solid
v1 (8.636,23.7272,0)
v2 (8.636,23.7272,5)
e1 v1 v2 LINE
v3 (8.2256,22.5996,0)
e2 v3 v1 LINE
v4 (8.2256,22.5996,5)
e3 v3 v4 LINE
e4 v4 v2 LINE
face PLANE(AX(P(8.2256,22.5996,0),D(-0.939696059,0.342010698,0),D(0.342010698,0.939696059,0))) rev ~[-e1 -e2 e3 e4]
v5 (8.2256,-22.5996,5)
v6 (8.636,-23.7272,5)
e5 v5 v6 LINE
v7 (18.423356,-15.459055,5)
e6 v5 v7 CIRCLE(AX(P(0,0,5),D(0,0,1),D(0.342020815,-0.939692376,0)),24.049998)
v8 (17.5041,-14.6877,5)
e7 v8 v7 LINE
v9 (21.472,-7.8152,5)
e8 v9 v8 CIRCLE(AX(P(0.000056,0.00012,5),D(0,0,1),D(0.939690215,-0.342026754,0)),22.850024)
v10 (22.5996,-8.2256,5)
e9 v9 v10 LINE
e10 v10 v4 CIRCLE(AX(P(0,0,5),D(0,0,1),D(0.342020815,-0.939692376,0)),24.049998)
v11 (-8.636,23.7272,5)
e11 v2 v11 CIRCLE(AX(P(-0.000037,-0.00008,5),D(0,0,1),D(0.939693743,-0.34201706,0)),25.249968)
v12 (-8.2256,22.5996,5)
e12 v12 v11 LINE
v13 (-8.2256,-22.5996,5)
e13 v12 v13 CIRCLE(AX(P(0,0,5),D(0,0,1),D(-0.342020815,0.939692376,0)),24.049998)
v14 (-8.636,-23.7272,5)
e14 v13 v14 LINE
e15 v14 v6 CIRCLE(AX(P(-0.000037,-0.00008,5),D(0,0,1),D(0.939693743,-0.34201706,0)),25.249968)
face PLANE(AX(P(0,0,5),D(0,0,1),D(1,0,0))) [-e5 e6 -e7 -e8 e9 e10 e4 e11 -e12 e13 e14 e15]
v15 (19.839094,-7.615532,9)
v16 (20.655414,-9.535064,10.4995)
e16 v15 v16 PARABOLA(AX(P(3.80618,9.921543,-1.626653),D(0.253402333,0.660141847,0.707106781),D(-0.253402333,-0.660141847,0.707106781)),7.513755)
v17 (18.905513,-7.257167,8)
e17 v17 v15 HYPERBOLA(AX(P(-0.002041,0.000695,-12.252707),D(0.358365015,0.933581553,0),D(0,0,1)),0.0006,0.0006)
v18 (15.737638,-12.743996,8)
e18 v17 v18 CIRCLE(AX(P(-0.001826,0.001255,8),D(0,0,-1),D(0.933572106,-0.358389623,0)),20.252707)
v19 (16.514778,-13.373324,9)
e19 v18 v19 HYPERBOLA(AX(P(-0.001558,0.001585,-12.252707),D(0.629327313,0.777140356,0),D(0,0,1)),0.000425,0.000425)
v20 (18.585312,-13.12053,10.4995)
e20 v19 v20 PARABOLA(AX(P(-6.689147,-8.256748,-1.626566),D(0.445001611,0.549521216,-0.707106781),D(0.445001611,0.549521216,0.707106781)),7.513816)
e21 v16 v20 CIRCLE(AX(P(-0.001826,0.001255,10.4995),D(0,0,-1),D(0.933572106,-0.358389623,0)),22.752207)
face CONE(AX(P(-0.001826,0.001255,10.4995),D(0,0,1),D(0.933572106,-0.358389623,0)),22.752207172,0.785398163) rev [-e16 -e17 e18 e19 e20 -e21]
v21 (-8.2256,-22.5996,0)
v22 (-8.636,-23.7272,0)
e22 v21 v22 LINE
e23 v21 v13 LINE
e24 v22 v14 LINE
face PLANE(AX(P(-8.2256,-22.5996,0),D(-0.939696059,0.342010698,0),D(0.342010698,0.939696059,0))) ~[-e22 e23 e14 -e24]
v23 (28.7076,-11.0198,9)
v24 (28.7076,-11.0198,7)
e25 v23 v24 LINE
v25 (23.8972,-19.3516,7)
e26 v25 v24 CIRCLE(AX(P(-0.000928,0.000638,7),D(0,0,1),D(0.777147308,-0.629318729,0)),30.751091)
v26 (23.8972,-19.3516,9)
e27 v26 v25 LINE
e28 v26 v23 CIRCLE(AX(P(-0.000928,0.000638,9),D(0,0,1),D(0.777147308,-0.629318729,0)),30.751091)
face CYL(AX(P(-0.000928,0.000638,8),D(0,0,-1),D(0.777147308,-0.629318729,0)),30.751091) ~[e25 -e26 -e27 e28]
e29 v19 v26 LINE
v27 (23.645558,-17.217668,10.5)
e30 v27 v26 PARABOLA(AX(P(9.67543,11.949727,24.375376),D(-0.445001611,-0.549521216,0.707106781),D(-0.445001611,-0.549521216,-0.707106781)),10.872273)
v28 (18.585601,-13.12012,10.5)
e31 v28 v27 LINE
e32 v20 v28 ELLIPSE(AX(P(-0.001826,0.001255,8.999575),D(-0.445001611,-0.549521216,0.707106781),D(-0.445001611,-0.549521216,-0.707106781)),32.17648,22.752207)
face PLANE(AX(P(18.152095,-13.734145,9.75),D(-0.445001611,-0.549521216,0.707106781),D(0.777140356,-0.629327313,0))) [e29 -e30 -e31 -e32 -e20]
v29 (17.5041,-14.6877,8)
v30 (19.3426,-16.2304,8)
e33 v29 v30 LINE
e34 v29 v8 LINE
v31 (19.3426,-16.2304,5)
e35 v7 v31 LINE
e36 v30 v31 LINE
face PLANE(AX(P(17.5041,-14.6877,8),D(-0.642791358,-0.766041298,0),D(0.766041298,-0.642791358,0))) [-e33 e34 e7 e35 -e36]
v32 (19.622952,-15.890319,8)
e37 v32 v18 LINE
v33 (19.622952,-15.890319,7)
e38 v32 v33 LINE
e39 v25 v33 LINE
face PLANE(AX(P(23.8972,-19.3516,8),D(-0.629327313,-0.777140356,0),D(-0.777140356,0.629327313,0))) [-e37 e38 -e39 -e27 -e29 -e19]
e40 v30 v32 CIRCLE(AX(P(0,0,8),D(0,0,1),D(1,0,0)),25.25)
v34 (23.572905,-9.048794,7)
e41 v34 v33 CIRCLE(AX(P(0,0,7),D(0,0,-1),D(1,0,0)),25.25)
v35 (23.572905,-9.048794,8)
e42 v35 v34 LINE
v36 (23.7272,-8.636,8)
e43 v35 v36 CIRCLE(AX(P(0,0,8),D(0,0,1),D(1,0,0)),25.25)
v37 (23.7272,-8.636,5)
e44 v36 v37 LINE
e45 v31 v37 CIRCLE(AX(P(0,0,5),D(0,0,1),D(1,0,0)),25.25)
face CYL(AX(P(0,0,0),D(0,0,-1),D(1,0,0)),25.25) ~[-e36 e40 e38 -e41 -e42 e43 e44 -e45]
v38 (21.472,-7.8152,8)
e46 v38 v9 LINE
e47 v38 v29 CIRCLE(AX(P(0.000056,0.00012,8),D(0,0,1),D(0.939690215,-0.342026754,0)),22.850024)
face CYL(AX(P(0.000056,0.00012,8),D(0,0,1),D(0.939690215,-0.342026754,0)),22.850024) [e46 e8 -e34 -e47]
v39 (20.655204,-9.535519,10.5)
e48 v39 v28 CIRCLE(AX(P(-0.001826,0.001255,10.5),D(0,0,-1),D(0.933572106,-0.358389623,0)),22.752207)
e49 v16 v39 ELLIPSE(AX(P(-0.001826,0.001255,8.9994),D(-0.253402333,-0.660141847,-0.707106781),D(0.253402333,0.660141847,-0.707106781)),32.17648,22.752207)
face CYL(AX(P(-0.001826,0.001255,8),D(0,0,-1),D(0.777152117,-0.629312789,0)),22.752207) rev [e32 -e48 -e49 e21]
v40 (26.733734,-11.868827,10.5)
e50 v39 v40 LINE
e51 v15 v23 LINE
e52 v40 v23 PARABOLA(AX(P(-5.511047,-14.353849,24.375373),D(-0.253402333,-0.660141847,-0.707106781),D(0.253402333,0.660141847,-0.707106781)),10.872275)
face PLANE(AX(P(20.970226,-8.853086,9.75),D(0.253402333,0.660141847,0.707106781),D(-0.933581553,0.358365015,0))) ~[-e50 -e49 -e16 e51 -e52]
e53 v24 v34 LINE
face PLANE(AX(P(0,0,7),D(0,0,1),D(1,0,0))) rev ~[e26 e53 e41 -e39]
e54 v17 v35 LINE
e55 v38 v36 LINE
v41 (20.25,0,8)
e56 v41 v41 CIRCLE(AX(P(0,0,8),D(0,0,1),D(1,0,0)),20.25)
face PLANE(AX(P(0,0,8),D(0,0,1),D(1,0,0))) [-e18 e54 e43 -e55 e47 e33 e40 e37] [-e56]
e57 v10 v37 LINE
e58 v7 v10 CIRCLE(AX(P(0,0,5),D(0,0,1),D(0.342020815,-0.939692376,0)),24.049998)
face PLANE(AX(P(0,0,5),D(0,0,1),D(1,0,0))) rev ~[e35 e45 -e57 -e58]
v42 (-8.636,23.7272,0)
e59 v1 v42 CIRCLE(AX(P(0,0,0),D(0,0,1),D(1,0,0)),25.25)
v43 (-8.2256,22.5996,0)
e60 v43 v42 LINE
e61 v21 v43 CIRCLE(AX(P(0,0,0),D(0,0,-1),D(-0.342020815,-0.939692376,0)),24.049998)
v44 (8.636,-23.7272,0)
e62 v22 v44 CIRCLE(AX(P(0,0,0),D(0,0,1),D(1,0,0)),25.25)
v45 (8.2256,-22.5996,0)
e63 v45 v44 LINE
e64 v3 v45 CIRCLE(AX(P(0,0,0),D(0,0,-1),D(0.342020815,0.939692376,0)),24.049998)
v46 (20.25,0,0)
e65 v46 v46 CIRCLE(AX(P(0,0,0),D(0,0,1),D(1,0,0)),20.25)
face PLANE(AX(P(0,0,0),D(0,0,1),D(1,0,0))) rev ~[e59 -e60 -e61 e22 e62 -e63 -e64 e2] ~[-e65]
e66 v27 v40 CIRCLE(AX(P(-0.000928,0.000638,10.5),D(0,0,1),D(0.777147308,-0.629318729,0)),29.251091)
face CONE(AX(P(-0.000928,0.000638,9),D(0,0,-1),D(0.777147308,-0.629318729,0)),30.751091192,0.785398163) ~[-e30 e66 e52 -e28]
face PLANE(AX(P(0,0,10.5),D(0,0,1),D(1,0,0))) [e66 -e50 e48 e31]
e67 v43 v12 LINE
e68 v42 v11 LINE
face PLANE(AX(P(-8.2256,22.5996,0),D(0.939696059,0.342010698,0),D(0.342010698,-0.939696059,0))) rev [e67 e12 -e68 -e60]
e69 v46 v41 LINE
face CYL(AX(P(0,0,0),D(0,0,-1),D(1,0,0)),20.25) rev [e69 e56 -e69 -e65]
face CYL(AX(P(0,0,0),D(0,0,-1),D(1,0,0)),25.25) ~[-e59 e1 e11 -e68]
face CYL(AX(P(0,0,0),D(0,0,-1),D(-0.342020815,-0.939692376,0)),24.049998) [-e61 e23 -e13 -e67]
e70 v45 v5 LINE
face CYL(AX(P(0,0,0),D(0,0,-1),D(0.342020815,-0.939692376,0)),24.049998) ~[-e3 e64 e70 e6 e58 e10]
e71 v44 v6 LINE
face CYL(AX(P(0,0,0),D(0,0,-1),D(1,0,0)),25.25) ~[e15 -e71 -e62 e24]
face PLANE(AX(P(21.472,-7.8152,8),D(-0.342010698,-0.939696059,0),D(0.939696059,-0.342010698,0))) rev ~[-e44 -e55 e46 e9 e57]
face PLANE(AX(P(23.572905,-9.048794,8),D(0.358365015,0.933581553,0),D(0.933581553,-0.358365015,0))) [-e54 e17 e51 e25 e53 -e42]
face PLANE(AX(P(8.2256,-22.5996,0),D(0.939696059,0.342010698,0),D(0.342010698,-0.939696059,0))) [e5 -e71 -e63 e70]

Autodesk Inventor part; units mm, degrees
ref_plane "YZ Plane" through (0, 0, 0) normal (1, 0, 0) x (0, 1, 0)
ref_plane "XZ Plane" through (0, 0, 0) normal (0, 1, 0) x (-1, 0, 0)
ref_plane "XY Plane" through (0, 0, 0) normal (0, 0, 1) x (1, 0, 0)
sketch "スケッチ1" plane through (0, 0, 0) normal (0, 0, 1) x (1, 0, 0)
  circle A0 centre (0, 0) radius 25.25
  circle A1 centre (0, 0) radius 20.25
  dimension "d0" = 5
  dimension "d1" = 40.5
extrude "押し出し1" add sketch "スケッチ1" along normal blind 8
sketch "スケッチ2" plane through (0, 0, 0) normal (0, 0, 1) x (1, 0, 0)
  circle A0 centre (0, 0) radius 25.25 projected
  arc A1 (8.2256, -22.5996) -> (8.2256, 22.5996) centre (0, 0) ccw
  line L0 (0, -35.35) -> (0, 35.35) projected
  line L1 (8.2256, 22.5996) -> (8.636, 23.7272)
  line L2 (8.2256, -22.5996) -> (8.636, -23.7272)
  line L3 (-35.35, 0) -> (35.35, 0) projected
  point P0 (24.05, 0)
  dimension "d4" = 1.2
  dimension "d5" = 140
extrude "押し出し2" cut sketch "スケッチ2" along normal blind 5 contours L3 A1 L1 A0 | A0 L2 A1 L3
mirror "ミラー1" about plane through (0, 0, 0) normal (1, 0, 0) of "押し出し2"
sketch "スケッチ4" plane through (0, 0, 8) normal (0, 0, 1) x (1, 0, 0)
  circle A0 centre (0, 0) radius 25.25 projected
  line L0 (21.7123, -12.5356) -> (0, 0)
  line L1 (-35.8782, 0) -> (38.5193, 0) projected
  arc A1 (23.8972, -19.3516) -> (28.7076, -11.0198) centre (0, 0) ccw
  arc A2 (17.6801, -14.317) -> (21.239, -8.1529) centre (0, 0) ccw
  line L2 (23.8972, -19.3516) -> (17.6801, -14.317)
  line L3 (21.239, -8.1529) -> (28.7076, -11.0198)
  circle A3 centre (0, 0) radius 20.25 projected
  point P0 (26.6303, -15.375)
  point P1 (19.7021, -11.375)
  dimension "d18" = 30
  dimension "d46" = 2.5
  dimension "d47" = 8
  dimension "d48" = 18
extrude "押し出し7" add sketch "スケッチ4" along normal blind 2.5 and the other way blind 1 contours L3 A1 L2 A0 | A0 L2 A2 L3
chamfer "面取り4" distance 2.5 angle 45 1 edges at (19.7021, -11.375, 8)
sketch "スケッチ7" plane through (0, 0, 8) normal (0, 0, 1) x (1, 0, 0)
  arc A0 (23.7272, -8.636) -> (19.3426, -16.2304) centre (0, 0) ccw
  arc A1 (21.472, -7.8152) -> (17.5041, -14.6877) centre (0, 0) ccw
  arc A2 (18.905, -7.257) -> (15.7372, -12.7437) centre (0, 0) ccw projected
  line L0 (21.472, -7.8152) -> (23.7272, -8.636)
  arc A3 (23.5729, -9.0488) -> (19.6229, -15.8903) centre (0, 0) ccw projected
  line L1 (17.5041, -14.6877) -> (19.3426, -16.2304)
  line L2 (17.6801, -14.317) -> (23.8972, -19.3516) projected
  line L3 (28.7076, -11.0198) -> (21.239, -8.1529) projected
  dimension "d57" = 1
  dimension "d59" = 2.4
  dimension "d65" = 1
extrude "押し出し8" cut sketch "スケッチ7" against normal blind 3
chamfer "面取り5" distance 1.5 angle 45 3 edges at (26.6303, -15.375, 10.5) (24.9733, -9.5863, 10.5) (20.7887, -16.8343, 10.5)
properties part number "ring"
